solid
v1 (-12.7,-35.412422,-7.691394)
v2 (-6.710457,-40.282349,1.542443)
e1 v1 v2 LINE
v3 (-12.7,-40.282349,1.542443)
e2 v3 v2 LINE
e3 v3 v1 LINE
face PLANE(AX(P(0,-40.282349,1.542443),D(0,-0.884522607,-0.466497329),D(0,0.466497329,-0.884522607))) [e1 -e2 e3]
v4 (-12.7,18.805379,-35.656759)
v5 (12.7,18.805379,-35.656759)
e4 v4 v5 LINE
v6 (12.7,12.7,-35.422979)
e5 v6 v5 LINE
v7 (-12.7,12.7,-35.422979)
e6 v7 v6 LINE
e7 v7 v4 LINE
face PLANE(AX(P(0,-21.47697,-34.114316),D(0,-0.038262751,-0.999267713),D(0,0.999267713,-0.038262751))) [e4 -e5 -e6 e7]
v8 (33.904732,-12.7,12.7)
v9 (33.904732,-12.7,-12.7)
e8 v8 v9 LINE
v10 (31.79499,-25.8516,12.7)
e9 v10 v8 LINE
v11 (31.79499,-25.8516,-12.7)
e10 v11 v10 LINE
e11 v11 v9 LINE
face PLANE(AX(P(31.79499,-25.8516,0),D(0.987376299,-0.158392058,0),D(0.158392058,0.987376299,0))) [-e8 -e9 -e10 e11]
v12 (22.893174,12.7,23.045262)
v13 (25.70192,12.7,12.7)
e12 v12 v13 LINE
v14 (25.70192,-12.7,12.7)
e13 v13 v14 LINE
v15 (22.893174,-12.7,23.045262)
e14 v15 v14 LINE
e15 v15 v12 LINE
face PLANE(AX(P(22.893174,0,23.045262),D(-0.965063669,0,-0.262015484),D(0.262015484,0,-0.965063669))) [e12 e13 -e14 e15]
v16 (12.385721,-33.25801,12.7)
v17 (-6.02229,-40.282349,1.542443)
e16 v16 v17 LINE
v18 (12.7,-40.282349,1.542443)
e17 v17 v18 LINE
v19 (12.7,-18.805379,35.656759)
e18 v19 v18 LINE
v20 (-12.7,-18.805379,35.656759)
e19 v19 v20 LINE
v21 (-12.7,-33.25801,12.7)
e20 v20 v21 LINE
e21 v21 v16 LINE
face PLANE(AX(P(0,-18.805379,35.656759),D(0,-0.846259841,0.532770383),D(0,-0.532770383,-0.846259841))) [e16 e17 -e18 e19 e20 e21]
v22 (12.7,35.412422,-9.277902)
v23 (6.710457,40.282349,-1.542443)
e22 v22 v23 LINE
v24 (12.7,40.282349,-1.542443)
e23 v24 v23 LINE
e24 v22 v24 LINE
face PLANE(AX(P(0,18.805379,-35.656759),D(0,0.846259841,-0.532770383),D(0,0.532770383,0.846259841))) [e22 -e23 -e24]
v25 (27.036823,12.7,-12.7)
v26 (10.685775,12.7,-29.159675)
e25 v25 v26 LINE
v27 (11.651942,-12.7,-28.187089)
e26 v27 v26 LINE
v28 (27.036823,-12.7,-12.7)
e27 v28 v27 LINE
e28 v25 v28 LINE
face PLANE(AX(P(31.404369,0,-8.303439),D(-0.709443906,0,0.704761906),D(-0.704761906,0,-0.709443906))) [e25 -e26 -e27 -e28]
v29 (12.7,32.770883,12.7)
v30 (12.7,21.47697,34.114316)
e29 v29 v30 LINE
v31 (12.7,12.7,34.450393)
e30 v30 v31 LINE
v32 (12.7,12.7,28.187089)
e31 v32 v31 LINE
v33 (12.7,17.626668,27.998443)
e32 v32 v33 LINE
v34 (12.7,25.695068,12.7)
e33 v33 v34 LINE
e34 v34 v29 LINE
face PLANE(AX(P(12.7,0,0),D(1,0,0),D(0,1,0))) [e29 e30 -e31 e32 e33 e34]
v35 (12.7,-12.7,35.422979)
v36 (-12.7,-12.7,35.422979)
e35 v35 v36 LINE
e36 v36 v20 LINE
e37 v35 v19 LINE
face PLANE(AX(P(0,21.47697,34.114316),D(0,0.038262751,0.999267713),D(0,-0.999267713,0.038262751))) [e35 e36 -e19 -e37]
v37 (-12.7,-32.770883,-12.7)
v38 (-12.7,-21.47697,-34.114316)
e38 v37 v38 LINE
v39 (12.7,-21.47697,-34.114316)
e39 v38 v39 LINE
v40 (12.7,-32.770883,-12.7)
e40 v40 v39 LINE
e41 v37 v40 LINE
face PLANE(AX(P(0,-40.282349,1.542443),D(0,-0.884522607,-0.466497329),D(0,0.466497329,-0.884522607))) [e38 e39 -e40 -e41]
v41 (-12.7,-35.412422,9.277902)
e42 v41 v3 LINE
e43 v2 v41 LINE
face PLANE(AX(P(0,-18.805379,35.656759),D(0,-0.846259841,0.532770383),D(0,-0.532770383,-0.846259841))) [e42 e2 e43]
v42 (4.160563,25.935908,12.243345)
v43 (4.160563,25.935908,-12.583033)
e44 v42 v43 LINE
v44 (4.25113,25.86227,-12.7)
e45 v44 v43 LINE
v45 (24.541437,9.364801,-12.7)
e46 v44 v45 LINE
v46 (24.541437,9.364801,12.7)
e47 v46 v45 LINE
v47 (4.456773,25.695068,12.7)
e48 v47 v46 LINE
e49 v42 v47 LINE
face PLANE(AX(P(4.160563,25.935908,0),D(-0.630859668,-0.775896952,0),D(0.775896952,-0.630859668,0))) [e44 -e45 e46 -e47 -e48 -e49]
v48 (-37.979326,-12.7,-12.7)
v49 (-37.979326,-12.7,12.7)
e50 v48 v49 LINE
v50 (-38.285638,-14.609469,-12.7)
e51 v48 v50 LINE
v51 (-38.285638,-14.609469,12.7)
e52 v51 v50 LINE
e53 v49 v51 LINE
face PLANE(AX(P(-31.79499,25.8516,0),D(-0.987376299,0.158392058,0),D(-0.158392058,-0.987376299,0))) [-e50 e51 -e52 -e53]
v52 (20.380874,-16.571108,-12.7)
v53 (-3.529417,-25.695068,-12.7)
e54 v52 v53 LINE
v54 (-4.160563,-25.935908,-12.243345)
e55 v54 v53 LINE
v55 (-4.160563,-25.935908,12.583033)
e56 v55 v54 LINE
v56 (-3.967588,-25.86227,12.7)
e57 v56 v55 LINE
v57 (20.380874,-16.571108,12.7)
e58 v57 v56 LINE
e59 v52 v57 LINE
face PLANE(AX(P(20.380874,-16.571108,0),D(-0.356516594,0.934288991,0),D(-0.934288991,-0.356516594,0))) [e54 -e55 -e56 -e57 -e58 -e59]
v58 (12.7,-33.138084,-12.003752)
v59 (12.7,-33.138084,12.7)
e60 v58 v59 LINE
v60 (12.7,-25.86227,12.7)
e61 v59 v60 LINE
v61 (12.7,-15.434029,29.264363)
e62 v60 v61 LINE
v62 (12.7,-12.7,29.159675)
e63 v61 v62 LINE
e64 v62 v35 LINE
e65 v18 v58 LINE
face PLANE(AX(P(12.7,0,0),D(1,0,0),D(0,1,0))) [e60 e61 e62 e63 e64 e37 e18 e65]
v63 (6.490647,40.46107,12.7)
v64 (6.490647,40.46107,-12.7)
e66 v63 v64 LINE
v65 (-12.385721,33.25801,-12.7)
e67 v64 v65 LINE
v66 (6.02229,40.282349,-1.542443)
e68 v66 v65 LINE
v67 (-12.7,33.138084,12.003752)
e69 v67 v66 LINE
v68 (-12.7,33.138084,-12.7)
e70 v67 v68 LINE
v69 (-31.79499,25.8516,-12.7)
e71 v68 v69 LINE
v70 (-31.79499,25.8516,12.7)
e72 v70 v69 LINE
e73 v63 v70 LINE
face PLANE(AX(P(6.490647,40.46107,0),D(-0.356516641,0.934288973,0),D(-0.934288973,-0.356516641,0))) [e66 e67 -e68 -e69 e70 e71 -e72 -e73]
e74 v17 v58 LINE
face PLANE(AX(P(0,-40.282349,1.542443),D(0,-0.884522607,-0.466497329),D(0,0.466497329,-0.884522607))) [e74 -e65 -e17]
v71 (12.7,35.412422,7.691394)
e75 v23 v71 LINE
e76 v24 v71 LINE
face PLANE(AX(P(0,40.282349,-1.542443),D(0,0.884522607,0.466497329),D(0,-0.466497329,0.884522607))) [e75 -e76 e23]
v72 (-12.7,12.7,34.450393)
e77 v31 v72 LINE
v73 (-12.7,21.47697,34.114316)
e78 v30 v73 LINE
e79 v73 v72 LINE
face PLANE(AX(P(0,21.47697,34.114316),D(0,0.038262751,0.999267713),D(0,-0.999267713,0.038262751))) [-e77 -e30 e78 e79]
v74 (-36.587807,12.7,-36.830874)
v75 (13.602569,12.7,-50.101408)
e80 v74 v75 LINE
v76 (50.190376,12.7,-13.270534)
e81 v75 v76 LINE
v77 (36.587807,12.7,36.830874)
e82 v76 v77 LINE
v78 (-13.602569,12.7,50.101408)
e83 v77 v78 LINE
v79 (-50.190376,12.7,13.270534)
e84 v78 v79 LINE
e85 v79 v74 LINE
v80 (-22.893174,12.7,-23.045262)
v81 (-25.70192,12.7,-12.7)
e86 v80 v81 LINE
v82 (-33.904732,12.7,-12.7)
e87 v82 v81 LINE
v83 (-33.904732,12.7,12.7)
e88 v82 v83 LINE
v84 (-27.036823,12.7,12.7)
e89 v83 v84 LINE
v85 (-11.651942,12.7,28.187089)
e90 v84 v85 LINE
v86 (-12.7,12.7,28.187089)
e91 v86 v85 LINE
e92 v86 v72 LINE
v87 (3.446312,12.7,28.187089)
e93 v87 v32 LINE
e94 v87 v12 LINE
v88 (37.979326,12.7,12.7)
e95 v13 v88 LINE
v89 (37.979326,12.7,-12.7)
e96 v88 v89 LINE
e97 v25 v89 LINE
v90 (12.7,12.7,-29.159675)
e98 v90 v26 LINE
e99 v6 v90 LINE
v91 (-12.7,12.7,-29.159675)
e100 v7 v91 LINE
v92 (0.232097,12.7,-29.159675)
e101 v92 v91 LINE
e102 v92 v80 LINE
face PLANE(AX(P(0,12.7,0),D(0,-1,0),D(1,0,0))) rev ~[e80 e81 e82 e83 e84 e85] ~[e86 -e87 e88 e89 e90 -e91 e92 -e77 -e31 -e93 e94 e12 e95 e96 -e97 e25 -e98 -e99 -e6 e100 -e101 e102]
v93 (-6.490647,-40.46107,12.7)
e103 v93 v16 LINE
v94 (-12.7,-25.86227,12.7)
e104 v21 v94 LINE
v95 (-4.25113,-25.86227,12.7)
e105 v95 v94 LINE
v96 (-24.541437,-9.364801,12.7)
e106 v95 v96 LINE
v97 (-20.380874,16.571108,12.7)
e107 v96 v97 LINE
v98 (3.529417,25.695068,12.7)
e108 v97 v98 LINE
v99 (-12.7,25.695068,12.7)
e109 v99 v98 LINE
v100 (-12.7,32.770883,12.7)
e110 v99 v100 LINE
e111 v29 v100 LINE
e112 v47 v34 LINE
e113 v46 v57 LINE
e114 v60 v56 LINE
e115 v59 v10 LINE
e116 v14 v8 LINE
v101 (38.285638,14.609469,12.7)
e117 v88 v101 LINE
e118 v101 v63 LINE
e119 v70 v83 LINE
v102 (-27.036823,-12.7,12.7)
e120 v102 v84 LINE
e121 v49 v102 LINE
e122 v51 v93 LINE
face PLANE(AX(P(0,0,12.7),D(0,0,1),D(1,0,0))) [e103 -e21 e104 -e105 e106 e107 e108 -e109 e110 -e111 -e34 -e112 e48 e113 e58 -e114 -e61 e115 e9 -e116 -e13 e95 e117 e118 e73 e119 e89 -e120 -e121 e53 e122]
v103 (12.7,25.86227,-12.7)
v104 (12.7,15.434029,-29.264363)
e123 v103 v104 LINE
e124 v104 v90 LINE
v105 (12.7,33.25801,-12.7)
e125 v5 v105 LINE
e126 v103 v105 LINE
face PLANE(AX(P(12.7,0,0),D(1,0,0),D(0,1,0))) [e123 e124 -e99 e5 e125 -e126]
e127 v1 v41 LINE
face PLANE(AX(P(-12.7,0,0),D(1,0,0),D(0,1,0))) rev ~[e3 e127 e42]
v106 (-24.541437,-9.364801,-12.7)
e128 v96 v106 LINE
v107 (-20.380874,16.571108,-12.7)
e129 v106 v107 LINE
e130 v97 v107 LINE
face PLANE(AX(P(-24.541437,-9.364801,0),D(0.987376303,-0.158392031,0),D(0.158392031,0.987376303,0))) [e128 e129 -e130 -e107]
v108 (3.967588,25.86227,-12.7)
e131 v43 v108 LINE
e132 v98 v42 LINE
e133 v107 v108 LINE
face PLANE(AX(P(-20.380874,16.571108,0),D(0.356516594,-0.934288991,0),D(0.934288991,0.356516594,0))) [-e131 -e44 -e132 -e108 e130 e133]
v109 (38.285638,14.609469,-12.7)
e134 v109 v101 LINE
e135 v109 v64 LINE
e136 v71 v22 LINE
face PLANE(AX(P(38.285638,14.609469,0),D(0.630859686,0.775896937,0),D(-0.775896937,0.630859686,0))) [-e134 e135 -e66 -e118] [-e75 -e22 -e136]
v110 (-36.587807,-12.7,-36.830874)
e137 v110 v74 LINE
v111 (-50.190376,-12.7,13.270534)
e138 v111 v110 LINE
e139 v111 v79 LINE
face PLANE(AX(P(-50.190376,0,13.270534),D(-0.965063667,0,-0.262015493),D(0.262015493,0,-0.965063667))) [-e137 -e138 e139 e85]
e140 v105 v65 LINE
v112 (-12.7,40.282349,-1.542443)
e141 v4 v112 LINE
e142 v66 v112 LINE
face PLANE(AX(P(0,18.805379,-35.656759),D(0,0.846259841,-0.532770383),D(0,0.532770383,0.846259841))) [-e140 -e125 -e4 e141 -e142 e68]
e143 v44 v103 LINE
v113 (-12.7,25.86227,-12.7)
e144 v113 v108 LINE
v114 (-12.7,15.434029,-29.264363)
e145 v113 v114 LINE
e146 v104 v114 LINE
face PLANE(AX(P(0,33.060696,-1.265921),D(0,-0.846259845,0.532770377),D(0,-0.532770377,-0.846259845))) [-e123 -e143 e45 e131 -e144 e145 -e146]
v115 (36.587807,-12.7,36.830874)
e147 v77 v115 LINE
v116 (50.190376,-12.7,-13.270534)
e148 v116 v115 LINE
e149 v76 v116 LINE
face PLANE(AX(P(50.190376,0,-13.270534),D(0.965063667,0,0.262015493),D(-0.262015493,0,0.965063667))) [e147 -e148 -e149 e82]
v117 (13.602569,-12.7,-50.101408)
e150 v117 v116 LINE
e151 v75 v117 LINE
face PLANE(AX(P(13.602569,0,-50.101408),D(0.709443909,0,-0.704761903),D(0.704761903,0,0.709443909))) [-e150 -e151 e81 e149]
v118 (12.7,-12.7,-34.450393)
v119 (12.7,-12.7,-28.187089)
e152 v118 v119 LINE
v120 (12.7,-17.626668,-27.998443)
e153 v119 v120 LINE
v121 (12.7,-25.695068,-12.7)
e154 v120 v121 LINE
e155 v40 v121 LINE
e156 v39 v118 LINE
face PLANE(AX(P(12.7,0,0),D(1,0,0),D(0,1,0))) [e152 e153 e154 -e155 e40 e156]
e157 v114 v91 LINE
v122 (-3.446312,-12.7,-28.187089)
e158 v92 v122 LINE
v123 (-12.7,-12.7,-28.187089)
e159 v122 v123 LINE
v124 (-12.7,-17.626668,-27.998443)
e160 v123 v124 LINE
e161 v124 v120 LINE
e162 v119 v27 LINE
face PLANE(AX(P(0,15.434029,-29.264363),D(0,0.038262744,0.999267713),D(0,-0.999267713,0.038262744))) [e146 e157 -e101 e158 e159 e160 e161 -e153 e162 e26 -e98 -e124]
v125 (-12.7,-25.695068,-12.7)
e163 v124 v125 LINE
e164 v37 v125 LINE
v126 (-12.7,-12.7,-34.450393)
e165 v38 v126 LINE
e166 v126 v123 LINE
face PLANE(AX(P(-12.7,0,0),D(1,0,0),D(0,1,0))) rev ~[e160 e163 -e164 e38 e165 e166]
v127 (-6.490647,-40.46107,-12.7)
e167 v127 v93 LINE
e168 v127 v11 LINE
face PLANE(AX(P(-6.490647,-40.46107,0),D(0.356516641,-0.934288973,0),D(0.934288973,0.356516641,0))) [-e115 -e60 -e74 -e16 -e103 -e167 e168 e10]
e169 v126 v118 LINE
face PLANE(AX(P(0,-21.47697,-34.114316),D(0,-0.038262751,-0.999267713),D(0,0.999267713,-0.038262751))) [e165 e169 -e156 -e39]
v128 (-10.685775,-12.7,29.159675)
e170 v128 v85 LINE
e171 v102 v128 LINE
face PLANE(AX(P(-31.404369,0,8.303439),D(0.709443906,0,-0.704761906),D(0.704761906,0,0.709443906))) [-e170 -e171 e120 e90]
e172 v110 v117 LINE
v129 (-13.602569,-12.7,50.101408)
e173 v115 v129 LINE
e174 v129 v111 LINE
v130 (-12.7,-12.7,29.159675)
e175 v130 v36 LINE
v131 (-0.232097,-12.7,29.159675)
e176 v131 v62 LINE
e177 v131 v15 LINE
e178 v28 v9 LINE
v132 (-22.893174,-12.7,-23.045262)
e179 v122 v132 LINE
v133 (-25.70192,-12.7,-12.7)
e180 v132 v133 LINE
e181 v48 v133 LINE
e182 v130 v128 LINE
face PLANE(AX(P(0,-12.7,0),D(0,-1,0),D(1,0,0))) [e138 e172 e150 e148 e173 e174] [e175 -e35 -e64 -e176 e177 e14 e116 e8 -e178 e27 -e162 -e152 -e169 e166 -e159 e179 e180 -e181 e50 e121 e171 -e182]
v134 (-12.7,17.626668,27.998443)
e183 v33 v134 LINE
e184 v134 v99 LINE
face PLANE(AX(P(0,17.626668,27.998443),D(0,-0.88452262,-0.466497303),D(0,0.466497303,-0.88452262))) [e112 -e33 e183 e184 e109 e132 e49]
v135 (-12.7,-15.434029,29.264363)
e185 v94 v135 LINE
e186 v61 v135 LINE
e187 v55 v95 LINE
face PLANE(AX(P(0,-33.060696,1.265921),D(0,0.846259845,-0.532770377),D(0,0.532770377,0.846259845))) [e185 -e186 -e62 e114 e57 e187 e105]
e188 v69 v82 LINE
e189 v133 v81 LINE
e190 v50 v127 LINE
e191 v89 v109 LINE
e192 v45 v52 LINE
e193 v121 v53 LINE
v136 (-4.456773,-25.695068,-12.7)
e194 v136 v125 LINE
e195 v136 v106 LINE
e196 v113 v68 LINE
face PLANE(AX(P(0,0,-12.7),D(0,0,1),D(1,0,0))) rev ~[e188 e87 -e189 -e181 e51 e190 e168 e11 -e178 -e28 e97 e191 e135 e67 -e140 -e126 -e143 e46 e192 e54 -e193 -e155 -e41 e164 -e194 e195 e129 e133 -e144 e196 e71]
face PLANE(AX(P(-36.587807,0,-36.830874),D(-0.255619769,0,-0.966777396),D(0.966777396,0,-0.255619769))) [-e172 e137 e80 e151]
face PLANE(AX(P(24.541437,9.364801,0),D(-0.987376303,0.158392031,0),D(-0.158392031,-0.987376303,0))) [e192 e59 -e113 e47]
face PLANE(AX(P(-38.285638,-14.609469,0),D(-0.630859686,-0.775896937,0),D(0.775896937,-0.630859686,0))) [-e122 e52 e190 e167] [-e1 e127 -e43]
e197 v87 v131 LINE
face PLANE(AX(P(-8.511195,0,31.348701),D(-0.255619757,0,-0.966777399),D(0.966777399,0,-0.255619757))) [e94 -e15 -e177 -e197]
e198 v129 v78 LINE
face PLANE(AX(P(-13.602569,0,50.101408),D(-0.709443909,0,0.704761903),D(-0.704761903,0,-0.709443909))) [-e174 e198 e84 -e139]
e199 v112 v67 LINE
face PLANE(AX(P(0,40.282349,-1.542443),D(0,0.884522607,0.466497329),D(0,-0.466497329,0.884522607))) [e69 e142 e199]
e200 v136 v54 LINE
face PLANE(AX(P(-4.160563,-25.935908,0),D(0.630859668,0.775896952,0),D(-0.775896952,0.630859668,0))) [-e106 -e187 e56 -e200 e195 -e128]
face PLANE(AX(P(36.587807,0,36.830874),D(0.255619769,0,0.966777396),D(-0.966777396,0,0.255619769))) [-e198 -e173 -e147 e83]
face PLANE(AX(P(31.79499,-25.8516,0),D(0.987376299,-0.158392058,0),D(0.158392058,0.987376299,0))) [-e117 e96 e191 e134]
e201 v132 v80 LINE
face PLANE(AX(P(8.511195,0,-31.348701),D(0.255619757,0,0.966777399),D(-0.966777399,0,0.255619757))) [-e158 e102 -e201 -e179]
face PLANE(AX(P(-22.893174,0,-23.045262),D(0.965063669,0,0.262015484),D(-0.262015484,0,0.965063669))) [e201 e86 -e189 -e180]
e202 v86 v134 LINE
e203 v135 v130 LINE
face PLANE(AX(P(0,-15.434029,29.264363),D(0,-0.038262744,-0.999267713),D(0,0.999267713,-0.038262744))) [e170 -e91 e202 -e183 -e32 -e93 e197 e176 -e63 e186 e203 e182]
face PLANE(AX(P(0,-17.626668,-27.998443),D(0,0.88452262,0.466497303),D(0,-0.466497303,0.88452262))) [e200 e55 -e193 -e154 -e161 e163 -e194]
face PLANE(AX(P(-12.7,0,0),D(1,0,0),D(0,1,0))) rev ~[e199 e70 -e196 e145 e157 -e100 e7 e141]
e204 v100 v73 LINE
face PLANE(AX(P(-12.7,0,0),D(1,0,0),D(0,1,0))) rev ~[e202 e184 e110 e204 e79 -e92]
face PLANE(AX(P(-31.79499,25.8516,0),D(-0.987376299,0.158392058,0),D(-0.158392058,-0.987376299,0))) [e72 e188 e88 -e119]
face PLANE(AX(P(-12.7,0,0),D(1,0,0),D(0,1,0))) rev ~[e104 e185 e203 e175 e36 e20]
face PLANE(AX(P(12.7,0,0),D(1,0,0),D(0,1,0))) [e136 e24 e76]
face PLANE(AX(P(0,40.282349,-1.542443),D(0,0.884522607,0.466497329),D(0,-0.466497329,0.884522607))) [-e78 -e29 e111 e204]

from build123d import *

# Parameters (mm, degrees)
F1_DEPTH = 12.7
F3_DEPTH = 12.7
F5_DEPTH = 12.7


with BuildPart() as f1:
    # F0 (on Top) → F1 (new body, symmetric)
    with BuildSketch(Plane.XY):
        Polygon((-38.285638, -14.609469), (-6.490647, -40.46107), (31.79499, -25.8516), (38.285638, 14.609469), (6.490647, 40.46107), (-31.79499, 25.8516), align=None)
        Polygon((20.380874, -16.571108), (-4.160563, -25.935908), (-24.541437, -9.364801), (-20.380874, 16.571108), (4.160563, 25.935908), (24.541437, 9.364801), align=None, mode=Mode.SUBTRACT)
    extrude(amount=F1_DEPTH, both=True)

    # F2 (on Front) → F3 (join, symmetric)
    with BuildSketch(Plane.XZ):
        Polygon((-36.587807, -36.830874), (13.602569, -50.101408), (50.190376, -13.270534), (36.587807, 36.830874), (-13.602569, 50.101408), (-50.190376, 13.270534), align=None)
        Polygon((31.404369, -8.303439), (8.511195, -31.348701), (-22.893174, -23.045262), (-31.404369, 8.303439), (-8.511195, 31.348701), (22.893174, 23.045262), align=None, mode=Mode.SUBTRACT)
    extrude(amount=F3_DEPTH, both=True)

    # F4 (on Right) → F5 (join, symmetric)
    with BuildSketch(Plane.YZ):
        Polygon((-18.805379, 35.656759), (-40.282349, 1.542443), (-21.47697, -34.114316), (18.805379, -35.656759), (40.282349, -1.542443), (21.47697, 34.114316), align=None)
        Polygon((-17.626668, -27.998443), (-33.060696, 1.265921), (-15.434029, 29.264363), (17.626668, 27.998443), (33.060696, -1.265921), (15.434029, -29.264363), align=None, mode=Mode.SUBTRACT)
    extrude(amount=F5_DEPTH, both=True)


solid = f1.part
